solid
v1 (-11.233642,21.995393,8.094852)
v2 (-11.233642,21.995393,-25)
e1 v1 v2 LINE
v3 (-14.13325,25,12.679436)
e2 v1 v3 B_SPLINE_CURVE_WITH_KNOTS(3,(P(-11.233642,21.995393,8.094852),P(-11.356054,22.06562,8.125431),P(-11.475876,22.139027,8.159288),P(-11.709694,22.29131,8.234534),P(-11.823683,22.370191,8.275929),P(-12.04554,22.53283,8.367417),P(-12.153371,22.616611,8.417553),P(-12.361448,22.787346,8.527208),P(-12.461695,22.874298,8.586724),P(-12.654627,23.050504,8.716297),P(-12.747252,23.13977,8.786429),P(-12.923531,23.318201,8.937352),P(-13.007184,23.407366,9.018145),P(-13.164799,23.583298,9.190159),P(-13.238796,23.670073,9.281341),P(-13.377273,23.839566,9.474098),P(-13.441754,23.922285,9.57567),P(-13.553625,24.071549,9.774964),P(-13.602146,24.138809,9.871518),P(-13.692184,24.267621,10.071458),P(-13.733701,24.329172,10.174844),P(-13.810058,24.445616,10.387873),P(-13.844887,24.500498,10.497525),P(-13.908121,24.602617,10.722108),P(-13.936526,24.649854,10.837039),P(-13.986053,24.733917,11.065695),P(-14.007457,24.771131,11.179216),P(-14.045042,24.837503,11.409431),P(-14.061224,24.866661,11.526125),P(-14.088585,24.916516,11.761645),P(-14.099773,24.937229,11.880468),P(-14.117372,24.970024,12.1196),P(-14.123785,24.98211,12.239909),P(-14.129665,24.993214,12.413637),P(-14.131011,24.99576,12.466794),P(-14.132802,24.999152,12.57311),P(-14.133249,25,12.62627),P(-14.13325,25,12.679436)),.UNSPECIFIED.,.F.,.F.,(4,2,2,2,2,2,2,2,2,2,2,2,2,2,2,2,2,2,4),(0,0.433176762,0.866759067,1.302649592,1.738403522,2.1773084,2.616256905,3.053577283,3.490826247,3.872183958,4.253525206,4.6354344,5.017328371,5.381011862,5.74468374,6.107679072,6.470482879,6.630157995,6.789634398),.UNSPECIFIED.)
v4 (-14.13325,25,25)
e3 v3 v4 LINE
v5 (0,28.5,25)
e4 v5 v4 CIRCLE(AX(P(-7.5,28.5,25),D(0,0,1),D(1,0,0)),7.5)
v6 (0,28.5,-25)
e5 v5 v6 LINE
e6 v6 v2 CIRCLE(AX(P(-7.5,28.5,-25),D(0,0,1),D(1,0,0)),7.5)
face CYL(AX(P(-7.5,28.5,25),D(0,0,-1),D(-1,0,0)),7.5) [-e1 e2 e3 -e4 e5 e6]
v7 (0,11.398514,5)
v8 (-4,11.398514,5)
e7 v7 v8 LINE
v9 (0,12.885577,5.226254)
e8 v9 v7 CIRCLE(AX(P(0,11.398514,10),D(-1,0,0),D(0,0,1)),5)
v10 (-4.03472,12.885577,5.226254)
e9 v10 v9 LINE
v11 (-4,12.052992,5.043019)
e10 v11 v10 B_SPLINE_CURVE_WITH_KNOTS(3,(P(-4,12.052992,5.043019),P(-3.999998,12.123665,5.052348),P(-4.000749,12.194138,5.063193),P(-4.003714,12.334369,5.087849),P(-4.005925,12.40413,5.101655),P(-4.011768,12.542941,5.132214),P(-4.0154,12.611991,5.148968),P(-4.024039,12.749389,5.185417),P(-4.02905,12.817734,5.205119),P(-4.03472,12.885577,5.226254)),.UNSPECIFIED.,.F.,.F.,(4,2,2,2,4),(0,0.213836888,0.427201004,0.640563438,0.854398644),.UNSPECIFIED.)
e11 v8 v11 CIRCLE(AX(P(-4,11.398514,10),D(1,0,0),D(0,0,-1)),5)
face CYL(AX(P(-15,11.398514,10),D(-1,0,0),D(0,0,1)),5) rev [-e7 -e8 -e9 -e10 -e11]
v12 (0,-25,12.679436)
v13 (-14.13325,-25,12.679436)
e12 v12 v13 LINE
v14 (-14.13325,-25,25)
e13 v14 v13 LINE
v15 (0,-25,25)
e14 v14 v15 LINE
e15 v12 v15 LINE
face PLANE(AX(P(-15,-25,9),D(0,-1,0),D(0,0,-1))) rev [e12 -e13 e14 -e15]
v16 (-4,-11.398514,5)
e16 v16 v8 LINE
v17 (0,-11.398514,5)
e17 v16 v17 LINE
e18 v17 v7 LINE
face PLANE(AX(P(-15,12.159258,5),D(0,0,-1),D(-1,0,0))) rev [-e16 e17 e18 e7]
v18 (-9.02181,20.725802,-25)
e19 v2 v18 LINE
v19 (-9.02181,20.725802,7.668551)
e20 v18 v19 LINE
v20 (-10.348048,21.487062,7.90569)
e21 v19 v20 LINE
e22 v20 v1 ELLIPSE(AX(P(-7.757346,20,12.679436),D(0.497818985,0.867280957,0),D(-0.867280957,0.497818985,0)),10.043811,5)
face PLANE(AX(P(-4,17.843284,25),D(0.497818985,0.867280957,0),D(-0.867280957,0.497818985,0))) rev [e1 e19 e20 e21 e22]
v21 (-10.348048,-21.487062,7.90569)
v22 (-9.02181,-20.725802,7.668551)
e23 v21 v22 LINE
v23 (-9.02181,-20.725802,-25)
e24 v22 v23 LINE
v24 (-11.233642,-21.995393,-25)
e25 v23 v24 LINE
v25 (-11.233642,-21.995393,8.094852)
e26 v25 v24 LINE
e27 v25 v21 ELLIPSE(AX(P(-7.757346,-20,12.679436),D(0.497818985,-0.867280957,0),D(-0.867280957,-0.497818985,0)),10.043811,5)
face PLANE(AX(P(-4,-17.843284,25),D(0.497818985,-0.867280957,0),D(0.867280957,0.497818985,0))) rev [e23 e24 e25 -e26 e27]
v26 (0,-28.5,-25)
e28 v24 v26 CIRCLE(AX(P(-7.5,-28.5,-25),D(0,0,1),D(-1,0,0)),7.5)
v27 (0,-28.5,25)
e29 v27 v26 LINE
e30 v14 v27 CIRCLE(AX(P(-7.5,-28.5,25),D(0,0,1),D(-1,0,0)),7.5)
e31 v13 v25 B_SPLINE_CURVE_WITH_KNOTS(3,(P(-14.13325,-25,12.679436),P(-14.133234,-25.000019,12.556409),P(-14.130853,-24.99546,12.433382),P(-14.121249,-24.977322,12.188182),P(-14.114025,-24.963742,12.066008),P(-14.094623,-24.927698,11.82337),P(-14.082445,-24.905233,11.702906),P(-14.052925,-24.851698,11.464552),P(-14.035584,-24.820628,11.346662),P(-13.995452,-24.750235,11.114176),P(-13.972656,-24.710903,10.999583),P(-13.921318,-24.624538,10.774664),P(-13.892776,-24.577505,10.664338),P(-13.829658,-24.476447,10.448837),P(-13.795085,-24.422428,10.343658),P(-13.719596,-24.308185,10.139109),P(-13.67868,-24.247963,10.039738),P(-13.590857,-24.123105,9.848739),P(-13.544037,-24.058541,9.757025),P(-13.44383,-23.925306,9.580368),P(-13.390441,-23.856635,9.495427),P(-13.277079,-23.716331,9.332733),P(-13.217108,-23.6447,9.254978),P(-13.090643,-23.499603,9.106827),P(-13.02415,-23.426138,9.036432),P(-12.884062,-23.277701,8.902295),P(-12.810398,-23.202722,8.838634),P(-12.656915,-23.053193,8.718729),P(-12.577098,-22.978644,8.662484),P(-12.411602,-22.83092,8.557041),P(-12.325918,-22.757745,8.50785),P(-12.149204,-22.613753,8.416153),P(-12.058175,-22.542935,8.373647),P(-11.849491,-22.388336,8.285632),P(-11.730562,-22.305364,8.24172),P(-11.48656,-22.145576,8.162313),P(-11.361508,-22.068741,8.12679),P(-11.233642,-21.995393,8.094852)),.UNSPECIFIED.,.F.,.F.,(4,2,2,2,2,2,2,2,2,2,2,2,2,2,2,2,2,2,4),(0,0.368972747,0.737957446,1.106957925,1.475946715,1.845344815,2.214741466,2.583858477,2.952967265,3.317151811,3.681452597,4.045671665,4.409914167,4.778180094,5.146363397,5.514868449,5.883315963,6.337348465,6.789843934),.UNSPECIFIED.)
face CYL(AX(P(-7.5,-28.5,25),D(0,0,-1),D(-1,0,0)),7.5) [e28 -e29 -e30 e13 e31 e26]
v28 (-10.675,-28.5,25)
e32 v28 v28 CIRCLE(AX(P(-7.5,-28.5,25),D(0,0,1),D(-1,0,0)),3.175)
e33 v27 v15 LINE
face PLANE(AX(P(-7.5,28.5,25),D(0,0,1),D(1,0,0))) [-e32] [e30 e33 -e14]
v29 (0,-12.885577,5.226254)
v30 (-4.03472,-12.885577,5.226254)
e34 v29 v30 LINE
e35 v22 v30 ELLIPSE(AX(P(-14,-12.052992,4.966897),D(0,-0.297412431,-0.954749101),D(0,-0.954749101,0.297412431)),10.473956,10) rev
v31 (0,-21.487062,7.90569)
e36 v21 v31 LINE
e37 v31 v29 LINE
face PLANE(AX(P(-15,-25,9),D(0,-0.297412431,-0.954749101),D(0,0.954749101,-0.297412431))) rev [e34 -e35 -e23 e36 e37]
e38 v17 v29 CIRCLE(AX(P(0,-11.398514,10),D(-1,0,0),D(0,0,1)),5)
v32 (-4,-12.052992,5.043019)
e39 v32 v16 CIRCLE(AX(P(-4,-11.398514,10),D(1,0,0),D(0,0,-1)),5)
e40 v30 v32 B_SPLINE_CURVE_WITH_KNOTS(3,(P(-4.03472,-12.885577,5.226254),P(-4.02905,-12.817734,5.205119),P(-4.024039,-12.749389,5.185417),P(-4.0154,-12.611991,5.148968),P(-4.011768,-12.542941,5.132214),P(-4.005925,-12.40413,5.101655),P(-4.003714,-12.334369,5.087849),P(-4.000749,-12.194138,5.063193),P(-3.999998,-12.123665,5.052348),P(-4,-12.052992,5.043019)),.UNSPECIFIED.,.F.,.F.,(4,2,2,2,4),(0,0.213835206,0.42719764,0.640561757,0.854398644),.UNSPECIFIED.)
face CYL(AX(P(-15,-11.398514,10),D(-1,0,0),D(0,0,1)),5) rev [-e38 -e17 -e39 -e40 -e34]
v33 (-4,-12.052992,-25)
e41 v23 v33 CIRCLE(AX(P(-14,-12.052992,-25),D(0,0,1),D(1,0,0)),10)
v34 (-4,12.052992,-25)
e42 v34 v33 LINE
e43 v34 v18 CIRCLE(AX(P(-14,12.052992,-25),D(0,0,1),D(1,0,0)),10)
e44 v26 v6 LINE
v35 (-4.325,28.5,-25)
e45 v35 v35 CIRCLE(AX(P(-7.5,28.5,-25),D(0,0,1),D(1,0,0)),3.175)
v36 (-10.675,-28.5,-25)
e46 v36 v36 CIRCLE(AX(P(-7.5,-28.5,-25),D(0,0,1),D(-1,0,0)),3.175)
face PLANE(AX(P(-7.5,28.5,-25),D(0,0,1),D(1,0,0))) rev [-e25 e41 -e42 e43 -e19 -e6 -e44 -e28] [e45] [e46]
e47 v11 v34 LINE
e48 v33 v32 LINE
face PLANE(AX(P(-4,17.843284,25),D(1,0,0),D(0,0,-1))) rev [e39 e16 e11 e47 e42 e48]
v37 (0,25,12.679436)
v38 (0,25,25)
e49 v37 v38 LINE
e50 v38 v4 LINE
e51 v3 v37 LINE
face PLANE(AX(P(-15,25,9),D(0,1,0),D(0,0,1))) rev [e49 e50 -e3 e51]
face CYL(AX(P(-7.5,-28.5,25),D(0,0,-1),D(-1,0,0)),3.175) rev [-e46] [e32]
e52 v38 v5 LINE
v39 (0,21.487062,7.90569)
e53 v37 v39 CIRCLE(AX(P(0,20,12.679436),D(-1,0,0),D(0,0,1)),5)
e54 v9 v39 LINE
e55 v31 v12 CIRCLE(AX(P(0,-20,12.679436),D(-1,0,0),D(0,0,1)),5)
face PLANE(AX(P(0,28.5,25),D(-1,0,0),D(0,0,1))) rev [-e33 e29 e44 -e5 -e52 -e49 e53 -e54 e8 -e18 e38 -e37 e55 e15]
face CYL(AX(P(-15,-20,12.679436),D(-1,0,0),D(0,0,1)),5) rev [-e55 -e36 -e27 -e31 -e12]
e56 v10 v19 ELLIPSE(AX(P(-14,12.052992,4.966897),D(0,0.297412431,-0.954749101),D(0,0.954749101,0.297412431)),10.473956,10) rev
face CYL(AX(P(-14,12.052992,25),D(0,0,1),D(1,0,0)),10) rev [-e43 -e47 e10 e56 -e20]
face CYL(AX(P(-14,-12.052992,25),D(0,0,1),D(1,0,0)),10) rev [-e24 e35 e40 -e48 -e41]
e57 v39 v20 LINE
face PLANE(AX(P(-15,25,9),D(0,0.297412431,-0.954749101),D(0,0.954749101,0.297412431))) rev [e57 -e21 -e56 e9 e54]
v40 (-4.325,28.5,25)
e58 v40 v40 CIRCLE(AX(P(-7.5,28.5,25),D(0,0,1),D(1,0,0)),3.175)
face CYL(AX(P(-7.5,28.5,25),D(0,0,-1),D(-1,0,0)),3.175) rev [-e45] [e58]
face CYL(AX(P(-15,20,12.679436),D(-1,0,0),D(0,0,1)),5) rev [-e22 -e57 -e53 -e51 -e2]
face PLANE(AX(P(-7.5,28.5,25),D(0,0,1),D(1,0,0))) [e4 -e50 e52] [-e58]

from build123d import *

# Parameters (mm, degrees)
CROQUIS1_R              = 3.175
SALIENTE_EXTRUIR1_DEPTH = 25
REDONDEO1_R             = 10
CORTAR_EXTRUIR1_DEPTH   = 16
REDONDEO2_R             = 5


with BuildPart() as part:
    # Croquis1 → Saliente-Extruir1 (new body, symmetric)
    with BuildSketch(Plane.XY):
        with BuildLine():
            Line((-4, 17.843284464), (-11.233642387, 21.995392823))
            ThreePointArc((-11.233642387, 21.995392823), (-11.258169907, 34.990466775), (0, 28.5))
            Line((0, 28.5), (0, -28.5))
            ThreePointArc((0, -28.5), (-11.258169907, -34.990466775), (-11.233642387, -21.995392823))
            Line((-11.233642387, -21.995392823), (-4, -17.843284464))
            Line((-4, -17.843284464), (-4, 17.843284464))
        make_face()
        with Locations((-7.5, 28.5)):
            Circle(CROQUIS1_R, mode=Mode.SUBTRACT)
        with Locations((-7.5, -28.5)):
            Circle(CROQUIS1_R, mode=Mode.SUBTRACT)
    extrude(amount=SALIENTE_EXTRUIR1_DEPTH, both=True)

    # Redondeo1
    redondeo1_edges = [part.edges().sort_by_distance(p)[0] for p in [
        (-4, -17.843284464, 0),
        (-4, 17.843284464, 0),
    ]]
    fillet(redondeo1_edges, radius=REDONDEO1_R)

    # Croquis2 → Cortar-Extruir1 (cut, through all)
    with BuildSketch(Plane(origin=(0, 0, 0), x_dir=(0, 0, -1), z_dir=(1, 0, 0))):
        Polygon((-9, 25), (-5, 12.159257653), (-5, -12.159257653), (-9, -25), (-29.873538988, -25), (-29.873538988, 25), align=None)
    extrude(amount=-CORTAR_EXTRUIR1_DEPTH, mode=Mode.SUBTRACT)

    # Redondeo2
    redondeo2_edges = [part.edges().sort_by_distance(p)[0] for p in [
        (-2.000282316, 12.159257653, 5),
        (-2.000282316, -12.159257653, 5),
        (-7.06662479, -25, 9),
        (-7.06662479, 25, 9),
    ]]
    fillet(redondeo2_edges, radius=REDONDEO2_R)


solid = part.part
